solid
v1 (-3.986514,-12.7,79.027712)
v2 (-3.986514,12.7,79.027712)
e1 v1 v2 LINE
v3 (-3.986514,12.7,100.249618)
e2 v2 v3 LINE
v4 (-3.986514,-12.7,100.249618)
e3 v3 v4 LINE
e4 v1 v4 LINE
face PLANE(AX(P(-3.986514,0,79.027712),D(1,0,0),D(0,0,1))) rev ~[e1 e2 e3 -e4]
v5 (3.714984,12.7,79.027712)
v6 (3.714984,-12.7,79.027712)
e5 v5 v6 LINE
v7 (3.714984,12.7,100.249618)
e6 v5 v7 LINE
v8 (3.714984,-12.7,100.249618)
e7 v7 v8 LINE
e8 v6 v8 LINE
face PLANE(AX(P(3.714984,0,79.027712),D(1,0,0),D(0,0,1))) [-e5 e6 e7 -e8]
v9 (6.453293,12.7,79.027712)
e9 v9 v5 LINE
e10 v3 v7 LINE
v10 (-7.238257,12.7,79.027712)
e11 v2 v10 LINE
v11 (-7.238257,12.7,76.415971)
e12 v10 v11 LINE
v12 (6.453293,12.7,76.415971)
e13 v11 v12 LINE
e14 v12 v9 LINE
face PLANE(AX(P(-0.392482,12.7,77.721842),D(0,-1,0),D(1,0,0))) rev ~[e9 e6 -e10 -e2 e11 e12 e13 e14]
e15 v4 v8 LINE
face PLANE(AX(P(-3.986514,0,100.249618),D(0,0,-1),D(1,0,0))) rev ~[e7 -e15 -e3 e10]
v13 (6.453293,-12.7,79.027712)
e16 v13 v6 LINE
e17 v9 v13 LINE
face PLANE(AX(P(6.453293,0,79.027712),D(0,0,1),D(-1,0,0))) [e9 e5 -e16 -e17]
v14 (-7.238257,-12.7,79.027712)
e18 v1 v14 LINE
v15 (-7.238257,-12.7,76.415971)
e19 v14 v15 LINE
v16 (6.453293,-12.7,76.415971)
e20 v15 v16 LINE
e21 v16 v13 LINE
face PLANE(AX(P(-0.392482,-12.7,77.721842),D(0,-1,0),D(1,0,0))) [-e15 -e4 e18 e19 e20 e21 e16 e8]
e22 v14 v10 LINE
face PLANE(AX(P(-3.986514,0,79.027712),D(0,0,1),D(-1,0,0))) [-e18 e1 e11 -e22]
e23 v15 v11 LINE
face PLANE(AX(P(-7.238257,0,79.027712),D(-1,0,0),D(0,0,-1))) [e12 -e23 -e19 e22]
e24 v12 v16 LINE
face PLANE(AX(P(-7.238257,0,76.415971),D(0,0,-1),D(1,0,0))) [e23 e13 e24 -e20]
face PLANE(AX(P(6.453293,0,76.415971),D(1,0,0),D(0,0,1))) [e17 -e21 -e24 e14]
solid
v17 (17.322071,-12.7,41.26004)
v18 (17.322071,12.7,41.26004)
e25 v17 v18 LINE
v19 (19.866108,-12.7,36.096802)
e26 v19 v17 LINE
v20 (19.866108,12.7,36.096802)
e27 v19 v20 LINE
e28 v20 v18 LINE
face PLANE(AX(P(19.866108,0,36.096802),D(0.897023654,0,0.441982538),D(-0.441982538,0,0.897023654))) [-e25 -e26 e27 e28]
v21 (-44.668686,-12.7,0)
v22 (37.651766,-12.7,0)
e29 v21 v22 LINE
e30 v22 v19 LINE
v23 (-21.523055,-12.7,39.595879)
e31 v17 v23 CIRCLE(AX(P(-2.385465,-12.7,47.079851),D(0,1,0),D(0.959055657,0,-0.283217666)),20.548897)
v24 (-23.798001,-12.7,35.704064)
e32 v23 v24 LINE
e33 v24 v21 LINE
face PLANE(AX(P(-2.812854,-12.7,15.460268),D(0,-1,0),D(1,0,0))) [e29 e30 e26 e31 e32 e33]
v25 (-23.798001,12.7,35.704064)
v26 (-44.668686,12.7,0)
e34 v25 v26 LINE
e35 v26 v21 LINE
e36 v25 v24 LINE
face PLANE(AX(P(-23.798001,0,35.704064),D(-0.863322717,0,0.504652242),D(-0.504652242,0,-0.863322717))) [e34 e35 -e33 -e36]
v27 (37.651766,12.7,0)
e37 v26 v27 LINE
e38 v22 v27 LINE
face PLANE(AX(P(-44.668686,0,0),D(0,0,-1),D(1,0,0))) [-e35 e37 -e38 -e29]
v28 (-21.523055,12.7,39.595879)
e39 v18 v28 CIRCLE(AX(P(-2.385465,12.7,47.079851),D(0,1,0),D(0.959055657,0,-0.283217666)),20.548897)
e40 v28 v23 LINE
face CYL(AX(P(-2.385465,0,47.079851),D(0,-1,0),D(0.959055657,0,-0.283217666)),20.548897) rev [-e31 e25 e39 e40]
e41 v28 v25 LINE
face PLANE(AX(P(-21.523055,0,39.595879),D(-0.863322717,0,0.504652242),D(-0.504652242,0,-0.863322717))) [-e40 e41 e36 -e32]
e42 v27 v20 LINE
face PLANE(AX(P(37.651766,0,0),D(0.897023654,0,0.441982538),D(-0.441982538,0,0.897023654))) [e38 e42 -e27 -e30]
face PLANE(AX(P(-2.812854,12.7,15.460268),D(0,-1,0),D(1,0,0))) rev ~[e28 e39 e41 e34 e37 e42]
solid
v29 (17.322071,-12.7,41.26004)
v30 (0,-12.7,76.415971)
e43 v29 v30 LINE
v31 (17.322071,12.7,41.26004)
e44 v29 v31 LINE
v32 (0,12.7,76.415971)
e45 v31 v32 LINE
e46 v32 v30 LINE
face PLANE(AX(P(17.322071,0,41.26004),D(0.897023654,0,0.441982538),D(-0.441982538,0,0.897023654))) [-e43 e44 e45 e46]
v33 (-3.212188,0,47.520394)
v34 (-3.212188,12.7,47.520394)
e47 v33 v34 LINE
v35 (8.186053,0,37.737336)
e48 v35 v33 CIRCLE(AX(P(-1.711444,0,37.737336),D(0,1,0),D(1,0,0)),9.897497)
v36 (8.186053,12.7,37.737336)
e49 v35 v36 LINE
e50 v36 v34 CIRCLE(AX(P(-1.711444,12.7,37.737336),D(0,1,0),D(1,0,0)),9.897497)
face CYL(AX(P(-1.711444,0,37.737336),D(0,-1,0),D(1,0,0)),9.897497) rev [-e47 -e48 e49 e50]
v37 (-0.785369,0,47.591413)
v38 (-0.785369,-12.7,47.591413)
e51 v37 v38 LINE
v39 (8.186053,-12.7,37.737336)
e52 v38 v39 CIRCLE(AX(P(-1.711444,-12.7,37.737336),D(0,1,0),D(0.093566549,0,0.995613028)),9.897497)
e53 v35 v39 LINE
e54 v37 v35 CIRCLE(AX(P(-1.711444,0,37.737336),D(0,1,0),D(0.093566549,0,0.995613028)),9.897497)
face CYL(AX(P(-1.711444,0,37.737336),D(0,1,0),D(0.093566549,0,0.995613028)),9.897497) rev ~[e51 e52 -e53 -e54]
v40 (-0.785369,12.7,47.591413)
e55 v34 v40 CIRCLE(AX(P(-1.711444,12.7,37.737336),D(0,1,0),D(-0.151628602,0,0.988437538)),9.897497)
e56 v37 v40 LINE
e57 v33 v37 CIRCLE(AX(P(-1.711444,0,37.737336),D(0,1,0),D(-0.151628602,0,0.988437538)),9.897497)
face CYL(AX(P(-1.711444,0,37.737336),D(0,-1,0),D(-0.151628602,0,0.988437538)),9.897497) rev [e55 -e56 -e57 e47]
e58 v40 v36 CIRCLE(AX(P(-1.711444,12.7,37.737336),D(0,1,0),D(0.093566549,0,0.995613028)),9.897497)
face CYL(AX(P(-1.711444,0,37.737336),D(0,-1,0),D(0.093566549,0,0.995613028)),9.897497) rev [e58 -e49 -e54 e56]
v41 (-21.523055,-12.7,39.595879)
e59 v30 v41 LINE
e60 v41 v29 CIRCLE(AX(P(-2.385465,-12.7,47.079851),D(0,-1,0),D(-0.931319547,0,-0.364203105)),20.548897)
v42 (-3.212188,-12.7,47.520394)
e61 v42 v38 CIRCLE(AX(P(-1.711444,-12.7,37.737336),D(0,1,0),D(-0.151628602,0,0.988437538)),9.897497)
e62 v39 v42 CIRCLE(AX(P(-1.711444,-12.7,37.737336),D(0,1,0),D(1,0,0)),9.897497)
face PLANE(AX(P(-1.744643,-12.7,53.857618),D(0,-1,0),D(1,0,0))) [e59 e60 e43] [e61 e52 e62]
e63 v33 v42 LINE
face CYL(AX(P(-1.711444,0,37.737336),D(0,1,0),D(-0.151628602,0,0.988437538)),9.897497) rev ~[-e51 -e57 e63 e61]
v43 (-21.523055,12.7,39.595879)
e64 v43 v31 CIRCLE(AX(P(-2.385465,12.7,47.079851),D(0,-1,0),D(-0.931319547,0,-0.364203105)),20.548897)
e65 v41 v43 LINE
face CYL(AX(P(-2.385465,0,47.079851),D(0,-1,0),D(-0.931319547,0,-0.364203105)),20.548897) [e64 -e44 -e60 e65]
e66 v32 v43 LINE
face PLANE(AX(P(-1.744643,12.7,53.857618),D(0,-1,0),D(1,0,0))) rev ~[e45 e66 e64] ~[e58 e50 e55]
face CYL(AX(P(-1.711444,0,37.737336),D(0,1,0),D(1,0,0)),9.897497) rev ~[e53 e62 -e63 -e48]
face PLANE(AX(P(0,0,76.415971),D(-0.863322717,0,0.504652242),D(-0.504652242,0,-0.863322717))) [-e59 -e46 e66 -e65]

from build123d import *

# Parameters (mm, degrees)
F0_W     = 7.7014972921
F0_H     = 21.2219059467
F1_DEPTH = 12.7
F2_DEPTH = 12.7


with BuildPart() as f1:
    # F0 (on Front) → F1 (new body, symmetric)
    with BuildSketch(Plane.XZ):
        Polygon((-7.238256745, 76.4159709215), (0, 76.4159709215), (6.4532933757, 76.4159709215), (6.4532933757, 79.0277123451), (3.7149835844, 79.0277123451), (-3.9865137078, 79.0277123451), (-7.238256745, 79.0277123451), align=None)
        with Locations((-0.1357650617, 89.6386653185)):
            Rectangle(F0_W, F0_H)
    extrude(amount=F1_DEPTH, both=True)


with BuildPart() as f1b:
    # F0 (on Front) → F1, piece 2 (new body, symmetric)
    with BuildSketch(Plane.XZ):
        with BuildLine():
            Line((17.3220709686, 41.2600404343), (0, 76.4159709215))
            Line((0, 76.4159709215), (-21.5230545638, 39.5958789949))
            ThreePointArc((-21.5230545638, 39.5958789949), (-13.0451934188, 45.1237764238), (-3.2121875635, 47.520393921))
            ThreePointArc((-3.2121875635, 47.520393921), (-2.0009642715, 47.6305979408), (-0.78536921, 47.5914133078))
            ThreePointArc((-0.78536921, 47.5914133078), (8.7876406396, 45.9108721087), (17.3220709686, 41.2600404343))
        make_face()
        with BuildLine():
            ThreePointArc((-3.2121875635, 47.520393921), (-13.0451934188, 45.1237764238), (-21.5230545638, 39.5958789949))
            ThreePointArc((-21.5230545638, 39.5958789949), (-1.5059378491, 26.5497852672), (17.3220709686, 41.2600404343))
            ThreePointArc((17.3220709686, 41.2600404343), (8.7876406396, 45.9108721087), (-0.78536921, 47.5914133078))
            ThreePointArc((-0.78536921, 47.5914133078), (5.6072402658, 44.400467109), (8.1860534635, 37.7373360097))
            ThreePointArc((8.1860534635, 37.7373360097), (-8.1576383823, 30.226874629), (-3.2121875635, 47.520393921))
        make_face()
    extrude(amount=F1_DEPTH, both=True)


with BuildPart() as f2:
    # F0 (on Front) → F2 (new body, symmetric)
    with BuildSketch(Plane.XZ):
        with BuildLine():
            ThreePointArc((17.3220709686, 41.2600404343), (-1.5059378491, 26.5497852672), (-21.5230545638, 39.5958789949))
            Line((-21.5230545638, 39.5958789949), (-23.7980011796, 35.7040641377))
            Line((-23.7980011796, 35.7040641377), (-44.6686856449, 0))
            Line((-44.6686856449, 0), (-30.3427483886, 0))
            Line((-30.3427483886, 0), (10.7319038361, 0))
            Line((10.7319038361, 0), (37.6517660916, 0))
            Line((37.6517660916, 0), (19.8661076984, 36.09680224))
            Line((19.8661076984, 36.09680224), (17.3220709686, 41.2600404343))
        make_face()
    extrude(amount=F2_DEPTH, both=True)


solid = Compound([f1.part, f1b.part, f2.part])
